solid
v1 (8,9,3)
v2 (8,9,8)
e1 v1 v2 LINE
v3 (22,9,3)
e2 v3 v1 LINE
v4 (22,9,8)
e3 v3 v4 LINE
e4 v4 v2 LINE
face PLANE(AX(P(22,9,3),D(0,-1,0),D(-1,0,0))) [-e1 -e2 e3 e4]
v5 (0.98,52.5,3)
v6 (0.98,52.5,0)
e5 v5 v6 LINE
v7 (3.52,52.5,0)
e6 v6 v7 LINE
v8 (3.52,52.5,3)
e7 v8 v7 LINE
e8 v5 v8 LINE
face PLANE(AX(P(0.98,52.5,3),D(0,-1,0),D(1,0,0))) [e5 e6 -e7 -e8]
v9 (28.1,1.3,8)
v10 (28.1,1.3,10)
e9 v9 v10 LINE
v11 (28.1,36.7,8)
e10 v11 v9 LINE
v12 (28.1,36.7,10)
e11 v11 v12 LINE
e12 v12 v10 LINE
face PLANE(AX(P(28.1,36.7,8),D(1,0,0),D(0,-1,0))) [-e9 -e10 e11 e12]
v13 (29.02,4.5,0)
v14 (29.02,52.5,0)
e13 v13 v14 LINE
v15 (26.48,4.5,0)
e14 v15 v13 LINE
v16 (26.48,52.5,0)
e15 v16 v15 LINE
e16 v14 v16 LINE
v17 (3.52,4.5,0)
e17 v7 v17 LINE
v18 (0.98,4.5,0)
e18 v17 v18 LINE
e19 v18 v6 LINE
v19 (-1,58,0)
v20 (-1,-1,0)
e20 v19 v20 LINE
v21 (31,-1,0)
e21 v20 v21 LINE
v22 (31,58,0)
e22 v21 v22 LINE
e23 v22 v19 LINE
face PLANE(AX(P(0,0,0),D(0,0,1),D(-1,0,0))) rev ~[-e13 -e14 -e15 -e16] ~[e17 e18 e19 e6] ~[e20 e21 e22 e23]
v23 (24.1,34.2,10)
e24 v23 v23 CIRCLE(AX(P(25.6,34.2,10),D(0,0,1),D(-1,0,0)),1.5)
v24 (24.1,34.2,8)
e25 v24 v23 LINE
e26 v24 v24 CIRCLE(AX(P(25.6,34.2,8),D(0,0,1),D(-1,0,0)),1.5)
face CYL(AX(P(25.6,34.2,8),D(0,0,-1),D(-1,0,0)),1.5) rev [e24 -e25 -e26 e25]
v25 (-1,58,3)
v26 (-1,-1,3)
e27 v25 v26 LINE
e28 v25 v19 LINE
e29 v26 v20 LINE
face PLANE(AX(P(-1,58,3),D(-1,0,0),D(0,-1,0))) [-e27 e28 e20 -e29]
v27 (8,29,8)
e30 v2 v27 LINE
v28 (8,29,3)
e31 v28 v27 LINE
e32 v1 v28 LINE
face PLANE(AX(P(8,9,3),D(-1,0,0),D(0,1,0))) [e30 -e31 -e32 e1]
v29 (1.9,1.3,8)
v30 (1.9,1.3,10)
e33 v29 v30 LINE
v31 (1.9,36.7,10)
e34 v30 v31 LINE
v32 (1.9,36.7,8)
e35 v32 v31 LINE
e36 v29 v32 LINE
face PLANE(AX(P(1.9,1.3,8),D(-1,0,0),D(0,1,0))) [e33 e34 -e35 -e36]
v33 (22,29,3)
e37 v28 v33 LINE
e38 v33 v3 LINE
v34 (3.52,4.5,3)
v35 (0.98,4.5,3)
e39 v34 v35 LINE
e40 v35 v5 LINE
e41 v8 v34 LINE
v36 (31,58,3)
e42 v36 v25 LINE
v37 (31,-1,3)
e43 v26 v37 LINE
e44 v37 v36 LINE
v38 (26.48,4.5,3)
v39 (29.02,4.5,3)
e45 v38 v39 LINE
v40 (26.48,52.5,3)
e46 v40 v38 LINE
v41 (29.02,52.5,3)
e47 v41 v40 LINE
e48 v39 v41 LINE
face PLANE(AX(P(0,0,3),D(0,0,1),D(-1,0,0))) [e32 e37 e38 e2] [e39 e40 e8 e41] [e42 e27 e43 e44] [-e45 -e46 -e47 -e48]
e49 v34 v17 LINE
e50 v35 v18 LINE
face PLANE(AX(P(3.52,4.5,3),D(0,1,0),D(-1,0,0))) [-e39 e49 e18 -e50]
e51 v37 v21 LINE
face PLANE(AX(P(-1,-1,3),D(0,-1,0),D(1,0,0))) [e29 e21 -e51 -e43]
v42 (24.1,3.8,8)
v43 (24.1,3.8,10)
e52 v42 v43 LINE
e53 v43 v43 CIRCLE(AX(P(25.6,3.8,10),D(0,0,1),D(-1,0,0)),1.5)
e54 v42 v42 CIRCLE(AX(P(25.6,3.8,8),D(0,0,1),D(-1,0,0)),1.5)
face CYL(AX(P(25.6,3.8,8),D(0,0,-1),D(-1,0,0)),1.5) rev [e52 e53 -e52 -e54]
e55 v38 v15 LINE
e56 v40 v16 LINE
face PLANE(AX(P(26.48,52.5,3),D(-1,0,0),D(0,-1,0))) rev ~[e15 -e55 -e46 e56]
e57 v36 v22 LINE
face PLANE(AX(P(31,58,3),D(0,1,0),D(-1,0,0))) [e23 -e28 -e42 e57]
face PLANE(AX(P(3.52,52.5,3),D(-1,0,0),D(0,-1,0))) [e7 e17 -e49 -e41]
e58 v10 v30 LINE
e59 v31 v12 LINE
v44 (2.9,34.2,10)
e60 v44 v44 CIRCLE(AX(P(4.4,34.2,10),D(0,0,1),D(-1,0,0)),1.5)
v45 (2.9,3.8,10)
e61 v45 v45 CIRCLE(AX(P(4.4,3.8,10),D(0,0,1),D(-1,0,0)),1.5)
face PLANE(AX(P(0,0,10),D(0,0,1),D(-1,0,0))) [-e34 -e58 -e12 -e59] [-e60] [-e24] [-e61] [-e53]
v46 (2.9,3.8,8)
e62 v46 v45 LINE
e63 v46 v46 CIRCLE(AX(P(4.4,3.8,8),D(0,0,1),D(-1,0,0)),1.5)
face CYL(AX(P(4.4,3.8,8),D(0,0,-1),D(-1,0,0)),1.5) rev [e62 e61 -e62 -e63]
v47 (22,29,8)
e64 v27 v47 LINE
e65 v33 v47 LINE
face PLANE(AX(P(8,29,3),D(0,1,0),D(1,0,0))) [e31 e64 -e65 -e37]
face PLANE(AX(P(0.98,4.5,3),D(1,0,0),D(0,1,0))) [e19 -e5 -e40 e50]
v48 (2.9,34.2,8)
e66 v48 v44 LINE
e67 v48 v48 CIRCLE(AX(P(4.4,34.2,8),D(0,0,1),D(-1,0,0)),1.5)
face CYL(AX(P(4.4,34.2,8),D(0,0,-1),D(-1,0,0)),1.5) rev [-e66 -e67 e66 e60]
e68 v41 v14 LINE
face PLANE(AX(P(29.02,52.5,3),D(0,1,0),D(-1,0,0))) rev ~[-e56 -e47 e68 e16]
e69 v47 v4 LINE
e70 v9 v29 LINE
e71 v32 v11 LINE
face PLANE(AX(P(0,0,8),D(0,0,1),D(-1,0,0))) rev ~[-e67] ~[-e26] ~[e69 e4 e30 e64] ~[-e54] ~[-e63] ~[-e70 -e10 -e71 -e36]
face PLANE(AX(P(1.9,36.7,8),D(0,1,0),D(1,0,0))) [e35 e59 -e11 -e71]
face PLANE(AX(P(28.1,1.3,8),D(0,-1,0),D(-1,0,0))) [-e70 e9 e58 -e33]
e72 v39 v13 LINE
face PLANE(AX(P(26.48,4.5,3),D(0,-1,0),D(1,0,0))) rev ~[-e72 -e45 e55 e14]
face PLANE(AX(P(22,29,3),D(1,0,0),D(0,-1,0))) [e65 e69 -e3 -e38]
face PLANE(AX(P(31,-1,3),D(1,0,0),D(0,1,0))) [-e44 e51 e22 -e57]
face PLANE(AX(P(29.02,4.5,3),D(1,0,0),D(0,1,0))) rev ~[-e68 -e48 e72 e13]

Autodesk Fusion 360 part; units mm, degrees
sketch "Boceto1" plane through (0, 0, 0) normal (0, 0, 1) x (1, 0, 0)
  line L0 (0, 0) -> (30, 0)
  line L1 (30, 0) -> (30, 57)
  line L2 (30, 57) -> (0, 57)
  line L3 (0, 57) -> (0, 0)
  dimension "d1" = 57
  dimension "d2" = 30
extrude "Extruir1" add sketch "Boceto1" along normal blind 3
sketch "Boceto2" plane through (0, 0, 3) normal (0, 0, 1) x (-1, 0, 0)
  line L0 (0, -57) -> (0, 0)
  line L1 (0, 0) -> (-30, 0)
  line L2 (-30, 0) -> (-30, -57)
  line L3 (-30, -57) -> (0, -57)
  line L4 (-0.98, -52.5) -> (-3.52, -52.5)
  line L5 (-3.52, -52.5) -> (-3.52, -4.5)
  line L6 (-3.52, -4.5) -> (-0.98, -4.5)
  line L7 (-0.98, -4.5) -> (-0.98, -52.5)
  line L8 (-15, -57) -> (-15, 0) construction
  line L9 (-26.48, -52.5) -> (-26.48, -4.5)
  line L10 (-29.02, -4.5) -> (-29.02, -52.5)
  line L11 (-29.02, -52.5) -> (-26.48, -52.5)
  line L12 (-26.48, -4.5) -> (-29.02, -4.5)
  point P0 (-0.98, -28.5)
  point P1 (0, -28.5)
  point P2 (-2.25, -52.5)
  point P3 (-27.75, -52.5)
  dimension "d5" = 2.54
  dimension "d6" = 48
  dimension "d7" = 25.5
extrude "Extruir2" cut sketch "Boceto2" against normal through all contours L4 L5 L6 L7 | L9 L10 L11 L12
sketch "Boceto3" plane through (0, 0, 3) normal (0, 0, 1) x (-1, 0, 0)
  line L0 (-0.98, -4.5) -> (-0.98, -52.5)
  line L1 (-0.98, -52.5) -> (-3.52, -52.5)
  line L2 (-3.52, -52.5) -> (-3.52, -4.5)
  line L3 (-3.52, -4.5) -> (-0.98, -4.5)
  line L4 (-26.48, -4.5) -> (-26.48, -52.5)
  line L5 (-26.48, -52.5) -> (-29.02, -52.5)
  line L6 (-29.02, -52.5) -> (-29.02, -4.5)
  line L7 (-29.02, -4.5) -> (-26.48, -4.5)
  line L8 (0, -57) -> (0, 0)
  line L9 (0, 0) -> (-30, 0)
  line L10 (-30, 0) -> (-30, -57)
  line L11 (-30, -57) -> (0, -57)
  line L12 (1, -58) -> (1, 1)
  line L13 (1, 1) -> (-31, 1)
  line L14 (-31, 1) -> (-31, -58)
  line L15 (-31, -58) -> (1, -58)
  dimension "d9" = 1
extrude "Extruir3" add sketch "Boceto3" against normal up to surface (3 mm away) contours L12 L13 L14 L15
sketch "Boceto4" plane through (0, 0, 3) normal (0, 0, 1) x (-1, 0, 0)
  line L0 (-31, -58) -> (1, -58)
  line L1 (1, -58) -> (1, 1)
  line L2 (1, 1) -> (-31, 1)
  line L3 (-31, 1) -> (-31, -58)
  line L4 (-0.98, -4.5) -> (-0.98, -52.5)
  line L5 (-0.98, -52.5) -> (-3.52, -52.5)
  line L6 (-3.52, -52.5) -> (-3.52, -4.5)
  line L7 (-3.52, -4.5) -> (-0.98, -4.5)
  line L8 (-26.48, -4.5) -> (-26.48, -52.5)
  line L9 (-26.48, -52.5) -> (-29.02, -52.5)
  line L10 (-29.02, -52.5) -> (-29.02, -4.5)
  line L11 (-29.02, -4.5) -> (-26.48, -4.5)
  line L12 (-22, -9) -> (-8, -9)
  line L13 (-8, -9) -> (-8, -29)
  line L14 (-8, -29) -> (-22, -29)
  line L15 (-22, -29) -> (-22, -9)
  point P0 (-15, -9)
  point P1 (-15, 1)
  dimension "d12" = 10
  dimension "d13" = 20
  dimension "d14" = 14
extrude "Extruir4" add sketch "Boceto4" along normal blind 5 contours L12 L13 L14 L15
sketch "Boceto5" plane through (0, 0, 8) normal (0, 0, 1) x (-1, 0, 0)
  line L0 (-22, -29) -> (-8, -29)
  line L1 (-8, -29) -> (-8, -9)
  line L2 (-8, -9) -> (-22, -9)
  line L3 (-22, -9) -> (-22, -29)
  line L4 (-28.1, -1.3) -> (-1.9, -1.3)
  line L5 (-1.9, -1.3) -> (-1.9, -36.7)
  line L6 (-1.9, -36.7) -> (-28.1, -36.7)
  line L7 (-28.1, -36.7) -> (-28.1, -1.3)
  line L8 (-25.6, -3.8) -> (-4.4, -3.8)
  line L9 (-4.4, -3.8) -> (-4.4, -34.2)
  line L10 (-4.4, -34.2) -> (-25.6, -34.2)
  line L11 (-25.6, -34.2) -> (-25.6, -3.8)
  circle A0 centre (-25.6, -3.8) radius 1.5
  circle A1 centre (-4.4, -3.8) radius 1.5
  circle A2 centre (-25.6, -34.2) radius 1.5
  circle A3 centre (-4.4, -34.2) radius 1.5
  point P0 (-15, -1.3)
  point P1 (-15, -9)
  point P2 (-1.9, -19)
  point P3 (-8, -19)
  point P4 (-15, -3.8)
  point P5 (-4.4, -19)
  dimension "d17" = 26.2
  dimension "d18" = 35.4
  dimension "d21" = 3
  dimension "d22" = 21.2
  dimension "d23" = 30.4
extrude "Extruir5" add sketch "Boceto5" along normal blind 2 contours L0 L1 L2 L3 | L4 L5 L6 L7 | L8 L9 L10 L11 A0 A1 A2 A3
